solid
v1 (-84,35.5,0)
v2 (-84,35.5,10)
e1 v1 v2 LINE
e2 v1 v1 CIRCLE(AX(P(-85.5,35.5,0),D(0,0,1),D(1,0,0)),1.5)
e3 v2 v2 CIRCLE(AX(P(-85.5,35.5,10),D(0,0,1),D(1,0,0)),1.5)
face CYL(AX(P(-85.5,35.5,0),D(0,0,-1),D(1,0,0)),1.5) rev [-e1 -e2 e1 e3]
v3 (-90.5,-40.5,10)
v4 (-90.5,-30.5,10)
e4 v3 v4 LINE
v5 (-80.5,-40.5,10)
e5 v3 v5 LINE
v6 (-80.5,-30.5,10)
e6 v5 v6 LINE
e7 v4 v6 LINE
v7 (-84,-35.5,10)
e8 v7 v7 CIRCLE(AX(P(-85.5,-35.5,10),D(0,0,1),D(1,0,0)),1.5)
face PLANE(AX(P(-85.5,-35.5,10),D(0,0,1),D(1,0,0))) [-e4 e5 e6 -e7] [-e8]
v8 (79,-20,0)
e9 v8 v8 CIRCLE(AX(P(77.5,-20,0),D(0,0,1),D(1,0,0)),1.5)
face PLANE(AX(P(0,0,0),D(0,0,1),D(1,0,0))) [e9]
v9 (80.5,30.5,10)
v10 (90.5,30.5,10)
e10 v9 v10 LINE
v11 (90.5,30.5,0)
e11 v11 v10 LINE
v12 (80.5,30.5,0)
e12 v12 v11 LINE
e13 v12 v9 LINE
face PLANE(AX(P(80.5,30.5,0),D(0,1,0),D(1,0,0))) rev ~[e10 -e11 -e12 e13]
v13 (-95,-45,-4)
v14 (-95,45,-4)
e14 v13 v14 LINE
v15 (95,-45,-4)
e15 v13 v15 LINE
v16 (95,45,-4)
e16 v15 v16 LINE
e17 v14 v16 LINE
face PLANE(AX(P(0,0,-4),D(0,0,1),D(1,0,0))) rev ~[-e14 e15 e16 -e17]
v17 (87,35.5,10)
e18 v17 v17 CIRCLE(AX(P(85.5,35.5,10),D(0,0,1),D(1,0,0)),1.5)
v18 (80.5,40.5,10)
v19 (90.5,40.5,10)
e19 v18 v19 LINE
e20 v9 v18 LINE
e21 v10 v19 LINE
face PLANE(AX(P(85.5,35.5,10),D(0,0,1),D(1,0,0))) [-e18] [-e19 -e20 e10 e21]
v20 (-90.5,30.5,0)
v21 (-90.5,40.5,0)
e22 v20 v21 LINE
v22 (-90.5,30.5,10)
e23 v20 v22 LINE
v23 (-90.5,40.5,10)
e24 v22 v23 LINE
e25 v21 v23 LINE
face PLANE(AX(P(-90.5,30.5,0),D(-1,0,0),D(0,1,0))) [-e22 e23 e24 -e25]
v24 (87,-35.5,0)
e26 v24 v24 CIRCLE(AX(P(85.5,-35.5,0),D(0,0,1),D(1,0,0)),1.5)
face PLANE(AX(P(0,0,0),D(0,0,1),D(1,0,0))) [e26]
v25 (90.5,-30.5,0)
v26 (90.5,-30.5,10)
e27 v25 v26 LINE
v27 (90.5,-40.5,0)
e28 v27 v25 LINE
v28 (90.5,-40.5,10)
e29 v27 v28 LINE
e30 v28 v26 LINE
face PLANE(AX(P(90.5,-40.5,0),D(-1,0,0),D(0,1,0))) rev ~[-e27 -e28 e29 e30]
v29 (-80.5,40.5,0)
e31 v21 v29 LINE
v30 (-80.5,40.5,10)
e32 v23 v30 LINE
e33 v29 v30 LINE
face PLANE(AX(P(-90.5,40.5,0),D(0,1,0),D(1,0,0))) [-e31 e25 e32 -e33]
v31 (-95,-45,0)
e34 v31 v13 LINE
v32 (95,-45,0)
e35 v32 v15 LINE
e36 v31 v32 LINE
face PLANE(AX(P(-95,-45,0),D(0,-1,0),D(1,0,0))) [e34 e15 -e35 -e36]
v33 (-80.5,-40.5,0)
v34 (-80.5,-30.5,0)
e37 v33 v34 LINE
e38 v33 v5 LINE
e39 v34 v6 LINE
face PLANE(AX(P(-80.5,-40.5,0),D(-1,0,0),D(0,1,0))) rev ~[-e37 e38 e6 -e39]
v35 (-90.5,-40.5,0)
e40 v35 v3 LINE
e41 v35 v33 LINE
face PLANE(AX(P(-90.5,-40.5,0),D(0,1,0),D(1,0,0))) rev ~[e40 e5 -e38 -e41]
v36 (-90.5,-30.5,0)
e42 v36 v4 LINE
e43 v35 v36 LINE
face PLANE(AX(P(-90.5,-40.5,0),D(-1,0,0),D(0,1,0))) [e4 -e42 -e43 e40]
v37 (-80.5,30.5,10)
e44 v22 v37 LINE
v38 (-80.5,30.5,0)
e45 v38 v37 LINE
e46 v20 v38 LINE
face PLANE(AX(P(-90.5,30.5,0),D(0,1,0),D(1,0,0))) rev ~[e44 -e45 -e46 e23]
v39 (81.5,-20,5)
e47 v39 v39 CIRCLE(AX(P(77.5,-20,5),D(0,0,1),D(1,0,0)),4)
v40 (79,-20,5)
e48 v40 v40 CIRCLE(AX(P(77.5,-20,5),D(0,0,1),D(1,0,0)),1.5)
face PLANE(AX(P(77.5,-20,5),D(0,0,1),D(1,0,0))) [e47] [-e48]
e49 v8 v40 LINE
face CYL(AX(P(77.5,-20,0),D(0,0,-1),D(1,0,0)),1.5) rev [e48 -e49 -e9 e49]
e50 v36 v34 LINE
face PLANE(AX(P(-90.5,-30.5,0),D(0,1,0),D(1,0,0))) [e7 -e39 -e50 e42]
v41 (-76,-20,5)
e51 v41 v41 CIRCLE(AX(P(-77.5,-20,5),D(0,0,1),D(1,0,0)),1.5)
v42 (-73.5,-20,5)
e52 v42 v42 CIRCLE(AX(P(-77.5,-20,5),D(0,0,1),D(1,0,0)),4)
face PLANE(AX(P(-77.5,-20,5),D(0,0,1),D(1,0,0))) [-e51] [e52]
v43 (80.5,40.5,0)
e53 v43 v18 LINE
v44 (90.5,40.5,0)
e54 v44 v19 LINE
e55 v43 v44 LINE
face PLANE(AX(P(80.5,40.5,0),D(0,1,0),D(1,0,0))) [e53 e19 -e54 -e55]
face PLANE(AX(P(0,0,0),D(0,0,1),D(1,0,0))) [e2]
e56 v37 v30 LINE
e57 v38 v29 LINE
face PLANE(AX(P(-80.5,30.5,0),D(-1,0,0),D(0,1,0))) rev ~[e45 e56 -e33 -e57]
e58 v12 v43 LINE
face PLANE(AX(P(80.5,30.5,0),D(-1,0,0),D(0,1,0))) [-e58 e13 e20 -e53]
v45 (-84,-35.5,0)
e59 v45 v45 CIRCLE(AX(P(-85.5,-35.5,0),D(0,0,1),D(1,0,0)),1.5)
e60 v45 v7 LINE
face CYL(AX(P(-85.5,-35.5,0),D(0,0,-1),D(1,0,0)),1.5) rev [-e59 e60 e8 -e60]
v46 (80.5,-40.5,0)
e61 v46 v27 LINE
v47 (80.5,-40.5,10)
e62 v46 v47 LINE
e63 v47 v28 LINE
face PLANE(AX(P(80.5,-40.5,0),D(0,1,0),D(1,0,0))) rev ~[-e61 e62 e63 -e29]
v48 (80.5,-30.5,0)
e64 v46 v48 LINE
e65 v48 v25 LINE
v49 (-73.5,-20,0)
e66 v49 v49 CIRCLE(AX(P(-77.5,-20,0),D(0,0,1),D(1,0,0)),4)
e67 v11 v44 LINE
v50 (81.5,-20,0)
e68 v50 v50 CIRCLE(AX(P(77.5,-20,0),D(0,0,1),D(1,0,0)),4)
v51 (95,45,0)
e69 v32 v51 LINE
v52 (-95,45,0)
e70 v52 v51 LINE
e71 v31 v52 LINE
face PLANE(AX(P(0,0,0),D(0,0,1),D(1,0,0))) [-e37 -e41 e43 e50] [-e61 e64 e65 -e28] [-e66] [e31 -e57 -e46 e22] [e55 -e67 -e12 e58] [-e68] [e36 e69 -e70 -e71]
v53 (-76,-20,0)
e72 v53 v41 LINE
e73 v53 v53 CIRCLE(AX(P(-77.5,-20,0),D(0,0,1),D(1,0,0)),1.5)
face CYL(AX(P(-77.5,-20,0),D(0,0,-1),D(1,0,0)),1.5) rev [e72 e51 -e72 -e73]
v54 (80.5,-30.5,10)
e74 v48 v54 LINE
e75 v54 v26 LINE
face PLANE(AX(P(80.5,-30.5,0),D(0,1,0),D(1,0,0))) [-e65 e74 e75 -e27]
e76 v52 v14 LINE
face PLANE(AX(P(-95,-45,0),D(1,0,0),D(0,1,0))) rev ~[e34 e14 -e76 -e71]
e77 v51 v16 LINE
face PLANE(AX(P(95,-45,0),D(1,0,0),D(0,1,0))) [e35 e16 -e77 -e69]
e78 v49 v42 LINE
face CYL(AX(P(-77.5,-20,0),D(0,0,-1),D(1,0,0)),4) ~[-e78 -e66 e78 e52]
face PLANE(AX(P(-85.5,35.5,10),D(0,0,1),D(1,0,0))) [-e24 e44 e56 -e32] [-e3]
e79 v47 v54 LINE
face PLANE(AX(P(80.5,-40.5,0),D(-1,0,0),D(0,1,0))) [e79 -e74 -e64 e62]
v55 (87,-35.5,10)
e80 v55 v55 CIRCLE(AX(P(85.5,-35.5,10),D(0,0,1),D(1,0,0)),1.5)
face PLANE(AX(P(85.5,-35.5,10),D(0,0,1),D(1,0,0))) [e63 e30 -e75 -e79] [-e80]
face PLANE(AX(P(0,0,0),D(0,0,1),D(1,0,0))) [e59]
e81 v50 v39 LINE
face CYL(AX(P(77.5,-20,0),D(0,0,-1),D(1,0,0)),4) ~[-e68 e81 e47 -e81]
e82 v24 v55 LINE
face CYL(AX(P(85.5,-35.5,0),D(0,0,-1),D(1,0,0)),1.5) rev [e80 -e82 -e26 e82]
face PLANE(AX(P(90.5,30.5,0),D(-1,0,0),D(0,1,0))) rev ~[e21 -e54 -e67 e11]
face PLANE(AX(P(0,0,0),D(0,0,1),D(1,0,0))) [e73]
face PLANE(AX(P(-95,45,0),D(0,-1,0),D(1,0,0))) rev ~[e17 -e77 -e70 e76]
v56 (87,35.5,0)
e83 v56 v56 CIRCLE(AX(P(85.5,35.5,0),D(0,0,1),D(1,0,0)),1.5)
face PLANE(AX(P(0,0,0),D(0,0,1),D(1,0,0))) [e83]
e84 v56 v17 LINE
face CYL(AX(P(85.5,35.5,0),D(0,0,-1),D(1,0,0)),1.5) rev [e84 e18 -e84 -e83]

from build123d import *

# Parameters (mm, degrees)
F0_W     = 190
F0_H     = 90
F0_W_2   = 10
F0_H_2   = 10
F0_R     = 4
F0_R_2   = 1.5
F1_DEPTH = 4
F2_DEPTH = 5
F3_DEPTH = 10


with BuildPart() as f1:
    # F0 (on Top) → F1 (new body)
    with BuildSketch(Plane.XY):
        Rectangle(F0_W, F0_H)
        with Locations((-85.5, -35.5)):
            Rectangle(F0_W_2, F0_H_2, mode=Mode.SUBTRACT)
        with Locations((-77.5, -20)):
            Circle(F0_R, mode=Mode.SUBTRACT)
        with Locations((85.5, -35.5)):
            Rectangle(F0_W_2, F0_H_2, mode=Mode.SUBTRACT)
        with Locations((77.5, -20)):
            Circle(F0_R, mode=Mode.SUBTRACT)
        with Locations((-85.5, 35.5)):
            Rectangle(F0_W_2, F0_H_2, mode=Mode.SUBTRACT)
        with Locations((85.5, 35.5)):
            Rectangle(F0_W_2, F0_H_2, mode=Mode.SUBTRACT)
        with Locations((-85.5, 35.5)):
            Rectangle(F0_W_2, F0_H_2)
        with Locations((-85.5, 35.5)):
            Circle(F0_R_2, mode=Mode.SUBTRACT)
        with Locations((77.5, -20)):
            Circle(F0_R)
        with Locations((77.5, -20)):
            Circle(F0_R_2, mode=Mode.SUBTRACT)
        with Locations((-77.5, -20)):
            Circle(F0_R)
        with Locations((-77.5, -20)):
            Circle(F0_R_2, mode=Mode.SUBTRACT)
        with Locations((85.5, -35.5)):
            Rectangle(F0_W_2, F0_H_2)
        with Locations((85.5, -35.5)):
            Circle(F0_R_2, mode=Mode.SUBTRACT)
        with Locations((-85.5, -35.5)):
            Rectangle(F0_W_2, F0_H_2)
        with Locations((-85.5, -35.5)):
            Circle(F0_R_2, mode=Mode.SUBTRACT)
        with Locations((85.5, 35.5)):
            Rectangle(F0_W_2, F0_H_2)
        with Locations((85.5, 35.5)):
            Circle(F0_R_2, mode=Mode.SUBTRACT)
        with Locations((85.5, -35.5)):
            Circle(F0_R_2)
        with Locations((-85.5, -35.5)):
            Circle(F0_R_2)
        with Locations((85.5, 35.5)):
            Circle(F0_R_2)
        with Locations((-85.5, 35.5)):
            Circle(F0_R_2)
        with Locations((77.5, -20)):
            Circle(F0_R_2)
        with Locations((-77.5, -20)):
            Circle(F0_R_2)
    extrude(amount=-F1_DEPTH)

    # F0 (on Top) → F2 (join)
    with BuildSketch(Plane.XY):
        with Locations((77.5, -20)):
            Circle(F0_R)
        with Locations((77.5, -20)):
            Circle(F0_R_2, mode=Mode.SUBTRACT)
        with Locations((-77.5, -20)):
            Circle(F0_R)
        with Locations((-77.5, -20)):
            Circle(F0_R_2, mode=Mode.SUBTRACT)
    extrude(amount=F2_DEPTH)

    # F0 (on Top) → F3 (join)
    with BuildSketch(Plane.XY):
        with Locations((-85.5, -35.5)):
            Rectangle(F0_W_2, F0_H_2)
        with Locations((-85.5, -35.5)):
            Circle(F0_R_2, mode=Mode.SUBTRACT)
        with Locations((-85.5, 35.5)):
            Rectangle(F0_W_2, F0_H_2)
        with Locations((-85.5, 35.5)):
            Circle(F0_R_2, mode=Mode.SUBTRACT)
        with Locations((85.5, 35.5)):
            Rectangle(F0_W_2, F0_H_2)
        with Locations((85.5, 35.5)):
            Circle(F0_R_2, mode=Mode.SUBTRACT)
        with Locations((85.5, -35.5)):
            Rectangle(F0_W_2, F0_H_2)
        with Locations((85.5, -35.5)):
            Circle(F0_R_2, mode=Mode.SUBTRACT)
    extrude(amount=F3_DEPTH)


solid = f1.part
